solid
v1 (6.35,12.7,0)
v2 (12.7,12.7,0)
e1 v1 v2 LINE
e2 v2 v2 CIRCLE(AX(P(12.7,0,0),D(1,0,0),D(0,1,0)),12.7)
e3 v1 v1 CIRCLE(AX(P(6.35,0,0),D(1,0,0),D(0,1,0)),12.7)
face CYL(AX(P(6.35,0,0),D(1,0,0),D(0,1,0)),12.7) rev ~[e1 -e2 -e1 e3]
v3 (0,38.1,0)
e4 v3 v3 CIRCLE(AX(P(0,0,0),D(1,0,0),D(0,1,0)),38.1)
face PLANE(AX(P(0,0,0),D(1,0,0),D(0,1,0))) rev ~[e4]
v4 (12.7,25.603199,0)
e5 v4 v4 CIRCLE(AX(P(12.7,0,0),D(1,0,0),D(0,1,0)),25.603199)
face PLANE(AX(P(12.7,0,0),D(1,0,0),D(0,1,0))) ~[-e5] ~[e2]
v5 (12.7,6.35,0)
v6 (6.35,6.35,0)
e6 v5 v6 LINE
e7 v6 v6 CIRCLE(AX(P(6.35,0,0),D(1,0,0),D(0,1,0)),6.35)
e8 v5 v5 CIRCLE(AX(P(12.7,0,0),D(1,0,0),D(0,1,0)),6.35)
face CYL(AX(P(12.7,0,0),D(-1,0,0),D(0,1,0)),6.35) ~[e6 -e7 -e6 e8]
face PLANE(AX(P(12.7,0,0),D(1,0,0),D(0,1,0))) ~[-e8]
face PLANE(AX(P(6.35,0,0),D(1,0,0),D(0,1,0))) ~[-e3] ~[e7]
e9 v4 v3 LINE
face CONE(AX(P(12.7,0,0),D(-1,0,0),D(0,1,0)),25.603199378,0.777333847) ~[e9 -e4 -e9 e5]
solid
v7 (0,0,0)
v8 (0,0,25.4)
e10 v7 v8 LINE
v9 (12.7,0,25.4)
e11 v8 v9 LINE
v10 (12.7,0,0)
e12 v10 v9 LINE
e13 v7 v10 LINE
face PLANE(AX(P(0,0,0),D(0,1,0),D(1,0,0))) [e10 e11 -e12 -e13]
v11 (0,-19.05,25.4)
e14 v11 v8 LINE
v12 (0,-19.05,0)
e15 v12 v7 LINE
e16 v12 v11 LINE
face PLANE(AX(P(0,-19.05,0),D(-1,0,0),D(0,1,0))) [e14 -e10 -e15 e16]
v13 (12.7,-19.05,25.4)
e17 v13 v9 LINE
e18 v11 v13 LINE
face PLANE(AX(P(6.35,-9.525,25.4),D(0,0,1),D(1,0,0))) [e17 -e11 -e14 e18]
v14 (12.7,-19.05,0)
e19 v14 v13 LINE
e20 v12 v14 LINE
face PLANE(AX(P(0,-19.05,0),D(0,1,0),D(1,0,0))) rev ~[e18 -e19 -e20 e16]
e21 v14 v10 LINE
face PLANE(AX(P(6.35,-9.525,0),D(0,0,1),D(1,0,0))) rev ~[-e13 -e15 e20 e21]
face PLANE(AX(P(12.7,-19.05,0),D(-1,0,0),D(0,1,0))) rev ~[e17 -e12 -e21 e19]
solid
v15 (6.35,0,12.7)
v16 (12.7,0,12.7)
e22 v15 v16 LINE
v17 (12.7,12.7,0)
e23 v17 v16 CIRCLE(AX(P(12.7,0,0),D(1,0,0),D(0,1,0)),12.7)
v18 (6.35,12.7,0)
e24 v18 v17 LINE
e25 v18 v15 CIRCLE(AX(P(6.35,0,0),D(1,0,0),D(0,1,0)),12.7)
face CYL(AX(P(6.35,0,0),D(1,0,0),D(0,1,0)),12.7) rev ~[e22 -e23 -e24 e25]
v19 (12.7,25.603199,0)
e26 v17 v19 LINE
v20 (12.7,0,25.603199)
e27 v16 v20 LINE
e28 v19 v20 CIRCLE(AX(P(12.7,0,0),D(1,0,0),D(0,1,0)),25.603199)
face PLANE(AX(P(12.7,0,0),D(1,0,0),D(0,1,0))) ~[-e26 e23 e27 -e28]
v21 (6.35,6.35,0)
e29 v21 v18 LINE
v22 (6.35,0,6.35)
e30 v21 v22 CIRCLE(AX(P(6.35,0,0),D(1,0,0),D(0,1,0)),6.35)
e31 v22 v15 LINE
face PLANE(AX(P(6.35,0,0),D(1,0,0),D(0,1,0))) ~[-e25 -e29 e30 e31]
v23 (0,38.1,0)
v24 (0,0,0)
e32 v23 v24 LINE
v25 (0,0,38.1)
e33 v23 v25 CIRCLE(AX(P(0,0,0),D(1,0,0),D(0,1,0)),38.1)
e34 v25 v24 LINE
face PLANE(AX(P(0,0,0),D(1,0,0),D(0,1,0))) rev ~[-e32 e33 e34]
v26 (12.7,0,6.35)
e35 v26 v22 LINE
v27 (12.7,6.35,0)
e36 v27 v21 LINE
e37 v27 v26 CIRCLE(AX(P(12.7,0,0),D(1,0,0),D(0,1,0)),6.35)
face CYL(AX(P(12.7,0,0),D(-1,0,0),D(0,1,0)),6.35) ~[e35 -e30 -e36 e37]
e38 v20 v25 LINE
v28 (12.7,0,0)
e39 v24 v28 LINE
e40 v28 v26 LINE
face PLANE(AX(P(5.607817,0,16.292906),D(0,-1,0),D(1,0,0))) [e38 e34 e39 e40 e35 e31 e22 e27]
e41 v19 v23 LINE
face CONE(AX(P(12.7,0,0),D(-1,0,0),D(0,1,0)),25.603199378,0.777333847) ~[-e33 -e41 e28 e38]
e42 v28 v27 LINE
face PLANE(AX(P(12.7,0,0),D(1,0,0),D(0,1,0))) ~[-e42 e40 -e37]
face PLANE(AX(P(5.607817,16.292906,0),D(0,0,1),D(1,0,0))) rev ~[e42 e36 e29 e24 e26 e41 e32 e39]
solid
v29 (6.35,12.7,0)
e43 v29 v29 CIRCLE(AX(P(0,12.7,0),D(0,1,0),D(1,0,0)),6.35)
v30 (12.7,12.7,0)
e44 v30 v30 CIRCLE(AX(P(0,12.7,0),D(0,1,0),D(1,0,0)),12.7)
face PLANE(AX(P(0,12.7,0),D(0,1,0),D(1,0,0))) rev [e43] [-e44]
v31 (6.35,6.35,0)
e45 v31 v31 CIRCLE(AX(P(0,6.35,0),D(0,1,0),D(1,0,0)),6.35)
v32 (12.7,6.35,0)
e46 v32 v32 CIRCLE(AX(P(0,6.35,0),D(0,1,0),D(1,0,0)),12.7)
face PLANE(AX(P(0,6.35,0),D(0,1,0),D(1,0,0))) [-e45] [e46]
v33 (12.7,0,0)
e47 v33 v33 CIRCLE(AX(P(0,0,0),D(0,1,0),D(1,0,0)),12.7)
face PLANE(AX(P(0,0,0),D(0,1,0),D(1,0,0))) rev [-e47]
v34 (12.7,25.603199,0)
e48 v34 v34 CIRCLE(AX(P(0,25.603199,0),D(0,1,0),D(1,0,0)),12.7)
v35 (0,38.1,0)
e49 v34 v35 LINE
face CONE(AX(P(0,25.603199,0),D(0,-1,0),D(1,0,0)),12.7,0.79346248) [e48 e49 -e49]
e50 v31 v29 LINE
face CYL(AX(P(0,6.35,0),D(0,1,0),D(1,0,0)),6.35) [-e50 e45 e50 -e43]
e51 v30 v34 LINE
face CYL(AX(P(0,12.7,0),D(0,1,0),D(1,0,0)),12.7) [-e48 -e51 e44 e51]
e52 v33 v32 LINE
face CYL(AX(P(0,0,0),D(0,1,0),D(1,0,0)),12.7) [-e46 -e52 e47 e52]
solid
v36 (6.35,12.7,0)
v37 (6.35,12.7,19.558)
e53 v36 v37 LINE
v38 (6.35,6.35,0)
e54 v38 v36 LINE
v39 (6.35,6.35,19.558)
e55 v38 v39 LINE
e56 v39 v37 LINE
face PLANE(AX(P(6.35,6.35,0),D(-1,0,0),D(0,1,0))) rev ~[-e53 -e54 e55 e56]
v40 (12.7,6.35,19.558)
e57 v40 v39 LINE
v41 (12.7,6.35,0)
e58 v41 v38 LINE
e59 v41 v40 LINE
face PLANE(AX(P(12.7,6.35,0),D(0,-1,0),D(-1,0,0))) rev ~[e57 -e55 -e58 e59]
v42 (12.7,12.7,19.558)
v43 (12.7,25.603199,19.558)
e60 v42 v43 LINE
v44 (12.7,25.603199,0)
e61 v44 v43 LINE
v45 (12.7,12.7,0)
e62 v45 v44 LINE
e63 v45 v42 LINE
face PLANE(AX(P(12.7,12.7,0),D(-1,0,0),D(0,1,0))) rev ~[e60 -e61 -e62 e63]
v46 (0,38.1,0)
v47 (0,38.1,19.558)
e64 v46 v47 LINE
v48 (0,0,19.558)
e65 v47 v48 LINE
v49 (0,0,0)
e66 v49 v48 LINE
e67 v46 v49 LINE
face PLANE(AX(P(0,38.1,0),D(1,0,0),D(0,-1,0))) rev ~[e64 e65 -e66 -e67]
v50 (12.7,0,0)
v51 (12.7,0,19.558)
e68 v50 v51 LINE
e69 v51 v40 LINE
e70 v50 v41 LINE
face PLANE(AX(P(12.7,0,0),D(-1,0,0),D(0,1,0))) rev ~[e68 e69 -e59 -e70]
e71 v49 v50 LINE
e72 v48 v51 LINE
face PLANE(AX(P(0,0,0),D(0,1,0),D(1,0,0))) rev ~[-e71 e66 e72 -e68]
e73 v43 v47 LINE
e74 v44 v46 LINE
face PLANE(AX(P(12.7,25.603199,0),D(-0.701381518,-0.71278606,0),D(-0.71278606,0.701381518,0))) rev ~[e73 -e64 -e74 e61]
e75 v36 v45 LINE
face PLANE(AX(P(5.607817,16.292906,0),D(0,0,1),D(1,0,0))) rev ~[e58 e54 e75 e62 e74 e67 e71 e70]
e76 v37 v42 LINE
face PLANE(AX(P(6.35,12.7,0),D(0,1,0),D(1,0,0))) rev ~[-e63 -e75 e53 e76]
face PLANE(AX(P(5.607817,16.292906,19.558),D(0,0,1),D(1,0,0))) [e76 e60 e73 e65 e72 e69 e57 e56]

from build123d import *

# Parameters (mm, degrees)
F1_DEPTH = 19.558
F4_ANGLE = 90
F5_W     = 12.7
F5_H     = 19.05
F6_DEPTH = 25.4


with BuildPart() as f1:
    # F0 (on Top) → F1 (new body)
    with BuildSketch(Plane.XY):
        Polygon((0, 38.1), (0, 0), (12.7, 0), (12.7, 6.35), (6.35, 6.35), (6.35, 12.7), (12.7, 12.7), (12.7, 25.6031993777), align=None)
    extrude(amount=F1_DEPTH)


with BuildPart() as f2:
    # F0 (on Top) → F2 (revolve)
    with BuildSketch(Plane.XY):
        Polygon((0, 38.1), (0, 0), (12.7, 0), (12.7, 6.35), (6.35, 6.35), (6.35, 12.7), (12.7, 12.7), (12.7, 25.6031993777), align=None)
    revolve(axis=Axis((0, 19.05, 0), (0, 1, 0)))


with BuildPart() as f3:
    # F0 (on Top) → F3 (revolve)
    with BuildSketch(Plane.XY):
        Polygon((0, 38.1), (0, 0), (12.7, 0), (12.7, 6.35), (6.35, 6.35), (6.35, 12.7), (12.7, 12.7), (12.7, 25.6031993777), align=None)
    revolve(axis=Axis((6.35, 0, 0), (1, 0, 0)))


with BuildPart() as f4:
    # F0 (on Top) → F4 (revolve)
    with BuildSketch(Plane.XY):
        Polygon((0, 38.1), (0, 0), (12.7, 0), (12.7, 6.35), (6.35, 6.35), (6.35, 12.7), (12.7, 12.7), (12.7, 25.6031993777), align=None)
    revolve(axis=Axis((6.35, 0, 0), (1, 0, 0)), revolution_arc=F4_ANGLE)


with BuildPart() as f6:
    # F5 (on Top) → F6 (new body)
    with BuildSketch(Plane.XY):
        with Locations((6.35, -9.525)):
            Rectangle(F5_W, F5_H)
    extrude(amount=F6_DEPTH)


solid = Compound([f1.part, f2.part, f3.part, f4.part, f6.part])
